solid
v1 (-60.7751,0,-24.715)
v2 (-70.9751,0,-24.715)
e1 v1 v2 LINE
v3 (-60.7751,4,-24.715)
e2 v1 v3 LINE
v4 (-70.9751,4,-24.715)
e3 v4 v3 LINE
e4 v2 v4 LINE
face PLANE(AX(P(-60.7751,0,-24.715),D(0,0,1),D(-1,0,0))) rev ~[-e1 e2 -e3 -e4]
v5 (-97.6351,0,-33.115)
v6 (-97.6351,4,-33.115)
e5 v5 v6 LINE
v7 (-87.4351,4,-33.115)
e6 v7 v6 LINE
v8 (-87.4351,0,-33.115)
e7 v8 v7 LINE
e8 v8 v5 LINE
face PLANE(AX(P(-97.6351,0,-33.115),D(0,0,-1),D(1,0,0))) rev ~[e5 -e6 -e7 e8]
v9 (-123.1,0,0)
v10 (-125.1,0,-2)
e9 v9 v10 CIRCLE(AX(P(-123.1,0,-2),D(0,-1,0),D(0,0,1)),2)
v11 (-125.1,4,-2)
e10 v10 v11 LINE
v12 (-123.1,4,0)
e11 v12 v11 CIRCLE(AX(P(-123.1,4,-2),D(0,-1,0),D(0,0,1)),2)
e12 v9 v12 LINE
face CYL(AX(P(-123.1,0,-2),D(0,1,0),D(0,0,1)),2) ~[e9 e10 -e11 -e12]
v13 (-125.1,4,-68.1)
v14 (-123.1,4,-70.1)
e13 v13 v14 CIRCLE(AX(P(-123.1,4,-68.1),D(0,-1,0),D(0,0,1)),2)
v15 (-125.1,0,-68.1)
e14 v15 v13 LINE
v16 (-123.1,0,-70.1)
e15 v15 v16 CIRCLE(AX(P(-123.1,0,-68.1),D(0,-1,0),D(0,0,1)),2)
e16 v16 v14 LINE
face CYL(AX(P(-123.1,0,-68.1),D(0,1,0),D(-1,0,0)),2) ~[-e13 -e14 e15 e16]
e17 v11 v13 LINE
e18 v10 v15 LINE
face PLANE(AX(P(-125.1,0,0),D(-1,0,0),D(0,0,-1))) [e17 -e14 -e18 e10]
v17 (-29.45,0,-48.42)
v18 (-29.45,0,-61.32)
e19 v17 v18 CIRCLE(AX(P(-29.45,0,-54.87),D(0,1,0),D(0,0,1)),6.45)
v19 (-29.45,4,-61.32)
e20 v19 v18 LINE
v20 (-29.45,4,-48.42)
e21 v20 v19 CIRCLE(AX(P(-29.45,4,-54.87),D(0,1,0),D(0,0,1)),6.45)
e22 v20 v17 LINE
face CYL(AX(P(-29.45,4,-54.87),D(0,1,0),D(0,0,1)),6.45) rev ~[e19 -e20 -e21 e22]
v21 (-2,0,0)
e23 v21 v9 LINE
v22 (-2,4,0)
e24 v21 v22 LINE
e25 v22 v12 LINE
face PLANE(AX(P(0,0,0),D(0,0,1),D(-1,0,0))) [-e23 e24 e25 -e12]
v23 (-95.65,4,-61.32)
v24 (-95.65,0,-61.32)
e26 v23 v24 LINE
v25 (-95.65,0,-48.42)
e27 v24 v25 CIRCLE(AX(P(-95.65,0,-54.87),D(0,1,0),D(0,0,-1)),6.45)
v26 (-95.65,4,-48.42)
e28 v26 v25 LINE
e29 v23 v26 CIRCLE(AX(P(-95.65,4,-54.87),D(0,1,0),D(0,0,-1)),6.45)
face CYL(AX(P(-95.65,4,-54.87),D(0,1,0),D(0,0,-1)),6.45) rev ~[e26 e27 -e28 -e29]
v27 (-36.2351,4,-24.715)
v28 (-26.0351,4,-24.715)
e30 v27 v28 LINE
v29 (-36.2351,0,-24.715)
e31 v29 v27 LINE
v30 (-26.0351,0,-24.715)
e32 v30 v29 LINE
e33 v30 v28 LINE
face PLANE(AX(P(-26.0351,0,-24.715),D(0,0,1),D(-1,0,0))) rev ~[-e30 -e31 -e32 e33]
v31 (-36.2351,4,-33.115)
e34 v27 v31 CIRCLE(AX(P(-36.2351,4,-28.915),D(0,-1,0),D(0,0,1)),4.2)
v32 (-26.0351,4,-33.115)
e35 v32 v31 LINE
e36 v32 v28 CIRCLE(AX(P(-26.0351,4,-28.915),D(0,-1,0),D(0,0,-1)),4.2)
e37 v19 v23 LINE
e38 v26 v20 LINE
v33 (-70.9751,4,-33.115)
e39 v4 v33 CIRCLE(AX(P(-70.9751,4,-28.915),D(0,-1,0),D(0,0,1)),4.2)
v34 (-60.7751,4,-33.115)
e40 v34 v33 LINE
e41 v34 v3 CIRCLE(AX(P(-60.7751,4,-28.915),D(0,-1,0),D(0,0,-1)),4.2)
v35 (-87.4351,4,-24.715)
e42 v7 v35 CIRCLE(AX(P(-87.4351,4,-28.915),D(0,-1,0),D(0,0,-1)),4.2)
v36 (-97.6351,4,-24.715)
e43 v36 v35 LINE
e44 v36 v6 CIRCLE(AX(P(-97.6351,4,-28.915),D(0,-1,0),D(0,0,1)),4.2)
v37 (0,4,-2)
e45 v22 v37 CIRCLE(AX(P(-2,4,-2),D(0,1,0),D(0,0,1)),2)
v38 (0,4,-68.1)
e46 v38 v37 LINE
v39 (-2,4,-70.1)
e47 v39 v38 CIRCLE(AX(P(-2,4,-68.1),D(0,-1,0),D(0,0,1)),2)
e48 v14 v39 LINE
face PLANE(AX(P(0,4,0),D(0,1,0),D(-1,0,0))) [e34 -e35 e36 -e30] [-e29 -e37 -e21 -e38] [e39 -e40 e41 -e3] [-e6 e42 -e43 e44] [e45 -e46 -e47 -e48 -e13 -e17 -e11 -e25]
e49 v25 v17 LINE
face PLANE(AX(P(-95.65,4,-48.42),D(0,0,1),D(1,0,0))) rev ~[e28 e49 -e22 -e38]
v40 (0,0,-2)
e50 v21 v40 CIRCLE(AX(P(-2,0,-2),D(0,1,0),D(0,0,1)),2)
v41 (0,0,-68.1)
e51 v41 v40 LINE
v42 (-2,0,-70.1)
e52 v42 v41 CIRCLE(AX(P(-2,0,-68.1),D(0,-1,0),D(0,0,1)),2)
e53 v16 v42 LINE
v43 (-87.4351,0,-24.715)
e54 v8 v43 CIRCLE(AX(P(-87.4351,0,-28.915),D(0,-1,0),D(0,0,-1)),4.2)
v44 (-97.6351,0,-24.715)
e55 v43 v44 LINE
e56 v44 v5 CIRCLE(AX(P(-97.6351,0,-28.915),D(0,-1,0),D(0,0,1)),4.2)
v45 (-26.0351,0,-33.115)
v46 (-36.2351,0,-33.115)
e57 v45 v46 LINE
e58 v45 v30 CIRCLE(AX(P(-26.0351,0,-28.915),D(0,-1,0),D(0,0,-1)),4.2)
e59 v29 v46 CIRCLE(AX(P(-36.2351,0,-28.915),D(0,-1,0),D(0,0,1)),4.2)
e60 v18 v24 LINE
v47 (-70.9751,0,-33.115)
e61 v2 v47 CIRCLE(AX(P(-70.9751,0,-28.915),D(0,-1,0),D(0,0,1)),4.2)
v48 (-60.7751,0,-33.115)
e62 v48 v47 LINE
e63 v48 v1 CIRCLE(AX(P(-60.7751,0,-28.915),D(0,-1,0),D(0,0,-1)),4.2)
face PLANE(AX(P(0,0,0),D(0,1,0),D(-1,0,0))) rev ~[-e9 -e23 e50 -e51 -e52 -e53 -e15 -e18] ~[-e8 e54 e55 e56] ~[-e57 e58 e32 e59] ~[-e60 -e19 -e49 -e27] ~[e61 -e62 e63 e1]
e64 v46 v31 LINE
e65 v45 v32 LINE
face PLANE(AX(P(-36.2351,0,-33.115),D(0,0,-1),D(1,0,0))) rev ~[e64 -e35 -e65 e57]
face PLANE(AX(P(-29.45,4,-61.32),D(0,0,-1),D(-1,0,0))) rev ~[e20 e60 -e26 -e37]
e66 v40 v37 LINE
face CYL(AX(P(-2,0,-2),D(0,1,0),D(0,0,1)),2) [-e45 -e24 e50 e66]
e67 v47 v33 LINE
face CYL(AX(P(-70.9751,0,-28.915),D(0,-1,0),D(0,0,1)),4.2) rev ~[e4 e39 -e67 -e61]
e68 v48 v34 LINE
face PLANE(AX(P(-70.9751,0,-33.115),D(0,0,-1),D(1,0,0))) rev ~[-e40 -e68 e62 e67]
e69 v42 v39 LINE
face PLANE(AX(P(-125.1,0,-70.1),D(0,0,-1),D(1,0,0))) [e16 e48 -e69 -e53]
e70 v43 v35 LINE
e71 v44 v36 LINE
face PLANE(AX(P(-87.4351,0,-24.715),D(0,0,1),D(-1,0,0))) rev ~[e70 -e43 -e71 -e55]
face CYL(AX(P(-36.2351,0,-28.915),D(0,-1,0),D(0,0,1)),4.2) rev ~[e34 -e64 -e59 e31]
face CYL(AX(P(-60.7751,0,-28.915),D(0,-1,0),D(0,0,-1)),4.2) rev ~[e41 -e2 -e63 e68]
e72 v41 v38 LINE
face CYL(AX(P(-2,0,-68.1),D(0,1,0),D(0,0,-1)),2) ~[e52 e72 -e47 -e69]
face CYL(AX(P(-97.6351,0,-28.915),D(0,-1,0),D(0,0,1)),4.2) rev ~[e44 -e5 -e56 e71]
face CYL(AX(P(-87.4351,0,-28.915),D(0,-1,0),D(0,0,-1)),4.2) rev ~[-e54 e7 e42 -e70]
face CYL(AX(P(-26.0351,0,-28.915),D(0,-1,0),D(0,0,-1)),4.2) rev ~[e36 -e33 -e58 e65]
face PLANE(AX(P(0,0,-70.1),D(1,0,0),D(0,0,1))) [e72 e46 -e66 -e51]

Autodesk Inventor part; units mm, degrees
ref_plane "YZ Plane" through (0, 0, 0) normal (1, 0, 0) x (0, 1, 0)
ref_plane "XZ Plane" through (0, 0, 0) normal (0, 1, 0) x (-1, 0, 0)
ref_plane "XY Plane" through (0, 0, 0) normal (0, 0, 1) x (1, 0, 0)
sketch "Sketch2" plane through (0, 0, 0) normal (0, 1, 0) x (-1, 0, 0)
  line L0 (0, 0) -> (125.1, 0)
  line L1 (125.1, 0) -> (125.1, -70.1)
  line L2 (125.1, -70.1) -> (0, -70.1)
  line L3 (0, -70.1) -> (0, 0)
  dimension "d5" = 70.1
  dimension "d6" = 125.1
extrude "Extrusion2" add sketch "Sketch2" along normal blind 4
fillet "Fillet1" radius 2 4 edges at (-125.1, 2, 0) (-125.1, 2, -70.1) (0, 2, 0) (0, 2, -70.1)
sketch "Sketch4" plane through (0, 0, 0) normal (0, -1, 0) x (1, 0, 0)
  line L0 (-60.7951, -25.715) -> (-60.7951, -33.115) projected
  line L1 (-60.7951, -33.115) -> (-70.9551, -33.115) projected
  line L2 (-70.9551, -25.715) -> (-70.9551, -33.115) projected
  line L3 (-60.7951, -25.715) -> (-70.9551, -25.715) projected
  line L4 (-70.2151, -31.515) -> (-66.6151, -31.515) projected
  line L5 (-66.6151, -31.515) -> (-66.6151, -26.315) projected
  line L6 (-66.6151, -26.315) -> (-70.2151, -26.315) projected
  line L7 (-70.2151, -26.315) -> (-70.2151, -31.515) projected
  line L8 (-65.1351, -31.515) -> (-61.5351, -31.515) projected
  line L9 (-61.5351, -31.515) -> (-61.5351, -26.315) projected
  line L10 (-61.5351, -26.315) -> (-65.1351, -26.315) projected
  line L11 (-65.1351, -26.315) -> (-65.1351, -31.515) projected
  line L12 (-87.4551, -25.715) -> (-87.4551, -33.115) projected
  line L13 (-87.4551, -33.115) -> (-97.6151, -33.115) projected
  line L14 (-97.6151, -25.715) -> (-97.6151, -33.115) projected
  line L15 (-87.4551, -25.715) -> (-97.6151, -25.715) projected
  line L16 (-96.8751, -31.515) -> (-93.2751, -31.515) projected
  line L17 (-93.2751, -31.515) -> (-93.2751, -26.315) projected
  line L18 (-93.2751, -26.315) -> (-96.8751, -26.315) projected
  line L19 (-96.8751, -26.315) -> (-96.8751, -31.515) projected
  line L20 (-91.7951, -31.515) -> (-88.1951, -31.515) projected
  line L21 (-88.1951, -31.515) -> (-88.1951, -26.315) projected
  line L22 (-88.1951, -26.315) -> (-91.7951, -26.315) projected
  line L23 (-91.7951, -26.315) -> (-91.7951, -31.515) projected
  line L24 (-26.0551, -25.715) -> (-26.0551, -33.115) projected
  line L25 (-26.0551, -33.115) -> (-36.2151, -33.115) projected
  line L26 (-36.2151, -25.715) -> (-36.2151, -33.115) projected
  line L27 (-26.0551, -25.715) -> (-36.2151, -25.715) projected
  line L28 (-35.4751, -31.515) -> (-31.8751, -31.515) projected
  line L29 (-31.8751, -31.515) -> (-31.8751, -26.315) projected
  line L30 (-31.8751, -26.315) -> (-35.4751, -26.315) projected
  line L31 (-35.4751, -26.315) -> (-35.4751, -31.515) projected
  line L32 (-30.3951, -31.515) -> (-26.7951, -31.515) projected
  line L33 (-26.7951, -31.515) -> (-26.7951, -26.315) projected
  line L34 (-26.7951, -26.315) -> (-30.3951, -26.315) projected
  line L35 (-30.3951, -26.315) -> (-30.3951, -31.515) projected
  line L36 (-101.8351, -28.915) -> (-21.8351, -28.915) construction
  line L37 (-97.6351, -33.115) -> (-26.0351, -33.115) construction
  line L38 (-26.0351, -24.715) -> (-97.6351, -24.715) construction
  arc A0 (-97.6351, -24.715) -> (-97.6351, -33.115) centre (-97.6351, -28.915) ccw
  arc A1 (-26.0351, -33.115) -> (-26.0351, -24.715) centre (-26.0351, -28.915) ccw
  line L39 (-97.6151, -25.715) -> (-97.6151, -10.355) construction
  line L40 (-26.0551, -25.715) -> (-26.0551, -14.2023) construction
  line L41 (-101.8351, -28.915) -> (-101.8351, -10.355) construction
  line L42 (-101.8351, -10.355) -> (-97.6151, -10.355) construction
  line L43 (-26.0551, -14.2023) -> (-21.8351, -14.2023) construction
  line L44 (-21.8351, -14.2023) -> (-21.8351, -28.915) construction
  line L45 (-101.8351, -28.915) -> (-83.2351, -28.915) construction
  line L46 (-97.6351, -33.115) -> (-87.4351, -33.115)
  line L47 (-87.4351, -24.715) -> (-97.6351, -24.715)
  arc A2 (-97.6351, -24.715) -> (-97.6351, -33.115) centre (-97.6351, -28.915) ccw
  arc A3 (-87.4351, -33.115) -> (-87.4351, -24.715) centre (-87.4351, -28.915) ccw
  line L48 (-75.1751, -28.915) -> (-56.5751, -28.915) construction
  line L49 (-70.9751, -33.115) -> (-60.7751, -33.115)
  line L50 (-60.7751, -24.715) -> (-70.9751, -24.715)
  arc A4 (-70.9751, -24.715) -> (-70.9751, -33.115) centre (-70.9751, -28.915) ccw
  arc A5 (-60.7751, -33.115) -> (-60.7751, -24.715) centre (-60.7751, -28.915) ccw
  line L51 (-40.4351, -28.915) -> (-21.8351, -28.915) construction
  line L52 (-36.2351, -33.115) -> (-26.0351, -33.115)
  line L53 (-26.0351, -24.715) -> (-36.2351, -24.715)
  arc A6 (-36.2351, -24.715) -> (-36.2351, -33.115) centre (-36.2351, -28.915) ccw
  arc A7 (-26.0351, -33.115) -> (-26.0351, -24.715) centre (-26.0351, -28.915) ccw
  point P0 (0, 0)
  point P1 (-61.8351, -28.915)
  point P2 (-92.5351, -28.915)
  point P3 (-65.8751, -28.915)
  point P4 (-31.1351, -28.915)
  point P5 (-97.6351, -24.715)
  point P6 (-26.0351, -33.115)
  point P7 (-26.0351, -24.715)
  dimension "d10" = 80
  dimension "d11" = 0
  dimension "d12" = 1
  dimension "d13" = 4.22
  dimension "d14" = 4.22
  dimension "d15" = 4.22
  dimension "d16" = 4.22
  dimension "d17" = 4.22
extrude "Extrusion3" cut sketch "Sketch4" against normal blind 10 contours L3 L2 L49 A4 L50 A5 L0 | L0 L1 L2 L3 | L7 L6 L5 L4 | L11 L10 L9 L8 | L15 L14 L46 A0 L47 A3 L12 | L12 L13 L14 L15 | L19 L18 L17 L16 | L23 L22 L21 L20 | L27 L26 L52 A6 L53 A1 L24 | L24 L25 L26 L27 | L31 L30 L29 L28 | L35 L34 L33 L32
sketch "Sketch5" plane through (0, 4, 0) normal (0, 1, 0) x (1, 0, 0)
  line L0 (-44.9757, 55.92) -> (-50.6457, 55.92) construction
  arc A0 (-50.6457, 55.92) -> (-50.7457, 55.82) centre (-50.6457, 55.82) ccw construction
  line L1 (-50.7457, 55.82) -> (-50.7457, 55.006) construction
  arc A1 (-51.0707, 54.4431) -> (-50.7457, 55.006) centre (-51.3957, 55.006) ccw construction
  line L2 (-51.0707, 54.4431) -> (-51.2107, 54.3623) construction
  arc A2 (-51.2107, 54.3623) -> (-51.2607, 54.2757) centre (-51.1607, 54.2757) ccw construction
  line L3 (-51.2607, 54.2757) -> (-51.2607, 52.82) construction
  line L4 (-51.2607, 52.82) -> (-44.3607, 52.82) construction
  line L5 (-44.3607, 52.82) -> (-44.3607, 54.2757) construction
  arc A3 (-44.3607, 54.2757) -> (-44.4107, 54.3623) centre (-44.4607, 54.2757) ccw construction
  line L6 (-44.4107, 54.3623) -> (-44.5507, 54.4431) construction
  arc A4 (-44.8757, 55.006) -> (-44.5507, 54.4431) centre (-44.2257, 55.006) ccw construction
  line L7 (-44.8757, 55.006) -> (-44.8757, 55.82) construction
  arc A5 (-44.8757, 55.82) -> (-44.9757, 55.92) centre (-44.9757, 55.82) ccw construction
  line L8 (-50.8957, 56.32) -> (-44.7257, 56.32) construction
  arc A6 (-44.4757, 56.07) -> (-44.7257, 56.32) centre (-44.7257, 56.07) ccw construction
  line L9 (-44.4757, 56.07) -> (-44.4757, 55.006) construction
  arc A7 (-44.4757, 55.006) -> (-44.3507, 54.7895) centre (-44.2257, 55.006) ccw construction
  line L10 (-44.3507, 54.7895) -> (-44.0857, 54.6365) construction
  arc A8 (-43.9607, 54.42) -> (-44.0857, 54.6365) centre (-44.2107, 54.42) ccw construction
  line L11 (-43.9607, 54.42) -> (-43.9607, 52.82) construction
  arc A9 (-44.3607, 52.42) -> (-43.9607, 52.82) centre (-44.3607, 52.82) ccw construction
  line L12 (-44.3607, 52.42) -> (-51.2607, 52.42) construction
  arc A10 (-51.6607, 52.82) -> (-51.2607, 52.42) centre (-51.2607, 52.82) ccw construction
  line L13 (-51.6607, 52.82) -> (-51.6607, 54.42) construction
  arc A11 (-51.5357, 54.6365) -> (-51.6607, 54.42) centre (-51.4107, 54.42) ccw construction
  line L14 (-51.5357, 54.6365) -> (-51.2707, 54.7895) construction
  arc A12 (-51.2707, 54.7895) -> (-51.1457, 55.006) centre (-51.3957, 55.006) ccw construction
  line L15 (-51.1457, 55.006) -> (-51.1457, 56.07) construction
  arc A13 (-50.8957, 56.32) -> (-51.1457, 56.07) centre (-50.8957, 56.07) ccw construction
  line L16 (-23, 54.87) -> (-102.1, 54.87) construction
  line L17 (-29.45, 61.32) -> (-95.65, 61.32)
  line L18 (-95.65, 48.42) -> (-29.45, 48.42)
  arc A14 (-29.45, 48.42) -> (-29.45, 61.32) centre (-29.45, 54.87) ccw
  arc A15 (-95.65, 61.32) -> (-95.65, 48.42) centre (-95.65, 54.87) ccw
  line L19 (0, 2) -> (0, 68.1) projected
  line L20 (-125.1, 68.1) -> (-125.1, 2) projected
  point P0 (0, 0)
  point P1 (-62.55, 54.87)
  dimension "d20" = 23
  dimension "d21" = 5
  dimension "d22" = 4
  dimension "d23" = 23
extrude "Extrusion4" cut sketch "Sketch5" against normal blind 7.75
equation "\"d14\" = d13"
equation "\"d15\" = d14"
equation "\"d16\" = d15"
equation "\"d17\" = d16"
equation "\"d23\" = d20"
equation "\"BendRadius\" = Thickness"
equation "\"BendReliefWidth\" = Thickness"
equation "\"BendReliefDepth\" = 0.5 * Thickness"
equation "\"CornerReliefSize\" = 4 * Thickness"
equation "\"MinimumRemnant\" = 2 * Thickness"
equation "\"TransitionRadius\" = BendRadius"
equation "\"JacobiRadiusSize\" = Thickness"
equation "\"GapSize\" = Thickness"
equation "\"Thickness\" = 0.5"
properties part number "back"
